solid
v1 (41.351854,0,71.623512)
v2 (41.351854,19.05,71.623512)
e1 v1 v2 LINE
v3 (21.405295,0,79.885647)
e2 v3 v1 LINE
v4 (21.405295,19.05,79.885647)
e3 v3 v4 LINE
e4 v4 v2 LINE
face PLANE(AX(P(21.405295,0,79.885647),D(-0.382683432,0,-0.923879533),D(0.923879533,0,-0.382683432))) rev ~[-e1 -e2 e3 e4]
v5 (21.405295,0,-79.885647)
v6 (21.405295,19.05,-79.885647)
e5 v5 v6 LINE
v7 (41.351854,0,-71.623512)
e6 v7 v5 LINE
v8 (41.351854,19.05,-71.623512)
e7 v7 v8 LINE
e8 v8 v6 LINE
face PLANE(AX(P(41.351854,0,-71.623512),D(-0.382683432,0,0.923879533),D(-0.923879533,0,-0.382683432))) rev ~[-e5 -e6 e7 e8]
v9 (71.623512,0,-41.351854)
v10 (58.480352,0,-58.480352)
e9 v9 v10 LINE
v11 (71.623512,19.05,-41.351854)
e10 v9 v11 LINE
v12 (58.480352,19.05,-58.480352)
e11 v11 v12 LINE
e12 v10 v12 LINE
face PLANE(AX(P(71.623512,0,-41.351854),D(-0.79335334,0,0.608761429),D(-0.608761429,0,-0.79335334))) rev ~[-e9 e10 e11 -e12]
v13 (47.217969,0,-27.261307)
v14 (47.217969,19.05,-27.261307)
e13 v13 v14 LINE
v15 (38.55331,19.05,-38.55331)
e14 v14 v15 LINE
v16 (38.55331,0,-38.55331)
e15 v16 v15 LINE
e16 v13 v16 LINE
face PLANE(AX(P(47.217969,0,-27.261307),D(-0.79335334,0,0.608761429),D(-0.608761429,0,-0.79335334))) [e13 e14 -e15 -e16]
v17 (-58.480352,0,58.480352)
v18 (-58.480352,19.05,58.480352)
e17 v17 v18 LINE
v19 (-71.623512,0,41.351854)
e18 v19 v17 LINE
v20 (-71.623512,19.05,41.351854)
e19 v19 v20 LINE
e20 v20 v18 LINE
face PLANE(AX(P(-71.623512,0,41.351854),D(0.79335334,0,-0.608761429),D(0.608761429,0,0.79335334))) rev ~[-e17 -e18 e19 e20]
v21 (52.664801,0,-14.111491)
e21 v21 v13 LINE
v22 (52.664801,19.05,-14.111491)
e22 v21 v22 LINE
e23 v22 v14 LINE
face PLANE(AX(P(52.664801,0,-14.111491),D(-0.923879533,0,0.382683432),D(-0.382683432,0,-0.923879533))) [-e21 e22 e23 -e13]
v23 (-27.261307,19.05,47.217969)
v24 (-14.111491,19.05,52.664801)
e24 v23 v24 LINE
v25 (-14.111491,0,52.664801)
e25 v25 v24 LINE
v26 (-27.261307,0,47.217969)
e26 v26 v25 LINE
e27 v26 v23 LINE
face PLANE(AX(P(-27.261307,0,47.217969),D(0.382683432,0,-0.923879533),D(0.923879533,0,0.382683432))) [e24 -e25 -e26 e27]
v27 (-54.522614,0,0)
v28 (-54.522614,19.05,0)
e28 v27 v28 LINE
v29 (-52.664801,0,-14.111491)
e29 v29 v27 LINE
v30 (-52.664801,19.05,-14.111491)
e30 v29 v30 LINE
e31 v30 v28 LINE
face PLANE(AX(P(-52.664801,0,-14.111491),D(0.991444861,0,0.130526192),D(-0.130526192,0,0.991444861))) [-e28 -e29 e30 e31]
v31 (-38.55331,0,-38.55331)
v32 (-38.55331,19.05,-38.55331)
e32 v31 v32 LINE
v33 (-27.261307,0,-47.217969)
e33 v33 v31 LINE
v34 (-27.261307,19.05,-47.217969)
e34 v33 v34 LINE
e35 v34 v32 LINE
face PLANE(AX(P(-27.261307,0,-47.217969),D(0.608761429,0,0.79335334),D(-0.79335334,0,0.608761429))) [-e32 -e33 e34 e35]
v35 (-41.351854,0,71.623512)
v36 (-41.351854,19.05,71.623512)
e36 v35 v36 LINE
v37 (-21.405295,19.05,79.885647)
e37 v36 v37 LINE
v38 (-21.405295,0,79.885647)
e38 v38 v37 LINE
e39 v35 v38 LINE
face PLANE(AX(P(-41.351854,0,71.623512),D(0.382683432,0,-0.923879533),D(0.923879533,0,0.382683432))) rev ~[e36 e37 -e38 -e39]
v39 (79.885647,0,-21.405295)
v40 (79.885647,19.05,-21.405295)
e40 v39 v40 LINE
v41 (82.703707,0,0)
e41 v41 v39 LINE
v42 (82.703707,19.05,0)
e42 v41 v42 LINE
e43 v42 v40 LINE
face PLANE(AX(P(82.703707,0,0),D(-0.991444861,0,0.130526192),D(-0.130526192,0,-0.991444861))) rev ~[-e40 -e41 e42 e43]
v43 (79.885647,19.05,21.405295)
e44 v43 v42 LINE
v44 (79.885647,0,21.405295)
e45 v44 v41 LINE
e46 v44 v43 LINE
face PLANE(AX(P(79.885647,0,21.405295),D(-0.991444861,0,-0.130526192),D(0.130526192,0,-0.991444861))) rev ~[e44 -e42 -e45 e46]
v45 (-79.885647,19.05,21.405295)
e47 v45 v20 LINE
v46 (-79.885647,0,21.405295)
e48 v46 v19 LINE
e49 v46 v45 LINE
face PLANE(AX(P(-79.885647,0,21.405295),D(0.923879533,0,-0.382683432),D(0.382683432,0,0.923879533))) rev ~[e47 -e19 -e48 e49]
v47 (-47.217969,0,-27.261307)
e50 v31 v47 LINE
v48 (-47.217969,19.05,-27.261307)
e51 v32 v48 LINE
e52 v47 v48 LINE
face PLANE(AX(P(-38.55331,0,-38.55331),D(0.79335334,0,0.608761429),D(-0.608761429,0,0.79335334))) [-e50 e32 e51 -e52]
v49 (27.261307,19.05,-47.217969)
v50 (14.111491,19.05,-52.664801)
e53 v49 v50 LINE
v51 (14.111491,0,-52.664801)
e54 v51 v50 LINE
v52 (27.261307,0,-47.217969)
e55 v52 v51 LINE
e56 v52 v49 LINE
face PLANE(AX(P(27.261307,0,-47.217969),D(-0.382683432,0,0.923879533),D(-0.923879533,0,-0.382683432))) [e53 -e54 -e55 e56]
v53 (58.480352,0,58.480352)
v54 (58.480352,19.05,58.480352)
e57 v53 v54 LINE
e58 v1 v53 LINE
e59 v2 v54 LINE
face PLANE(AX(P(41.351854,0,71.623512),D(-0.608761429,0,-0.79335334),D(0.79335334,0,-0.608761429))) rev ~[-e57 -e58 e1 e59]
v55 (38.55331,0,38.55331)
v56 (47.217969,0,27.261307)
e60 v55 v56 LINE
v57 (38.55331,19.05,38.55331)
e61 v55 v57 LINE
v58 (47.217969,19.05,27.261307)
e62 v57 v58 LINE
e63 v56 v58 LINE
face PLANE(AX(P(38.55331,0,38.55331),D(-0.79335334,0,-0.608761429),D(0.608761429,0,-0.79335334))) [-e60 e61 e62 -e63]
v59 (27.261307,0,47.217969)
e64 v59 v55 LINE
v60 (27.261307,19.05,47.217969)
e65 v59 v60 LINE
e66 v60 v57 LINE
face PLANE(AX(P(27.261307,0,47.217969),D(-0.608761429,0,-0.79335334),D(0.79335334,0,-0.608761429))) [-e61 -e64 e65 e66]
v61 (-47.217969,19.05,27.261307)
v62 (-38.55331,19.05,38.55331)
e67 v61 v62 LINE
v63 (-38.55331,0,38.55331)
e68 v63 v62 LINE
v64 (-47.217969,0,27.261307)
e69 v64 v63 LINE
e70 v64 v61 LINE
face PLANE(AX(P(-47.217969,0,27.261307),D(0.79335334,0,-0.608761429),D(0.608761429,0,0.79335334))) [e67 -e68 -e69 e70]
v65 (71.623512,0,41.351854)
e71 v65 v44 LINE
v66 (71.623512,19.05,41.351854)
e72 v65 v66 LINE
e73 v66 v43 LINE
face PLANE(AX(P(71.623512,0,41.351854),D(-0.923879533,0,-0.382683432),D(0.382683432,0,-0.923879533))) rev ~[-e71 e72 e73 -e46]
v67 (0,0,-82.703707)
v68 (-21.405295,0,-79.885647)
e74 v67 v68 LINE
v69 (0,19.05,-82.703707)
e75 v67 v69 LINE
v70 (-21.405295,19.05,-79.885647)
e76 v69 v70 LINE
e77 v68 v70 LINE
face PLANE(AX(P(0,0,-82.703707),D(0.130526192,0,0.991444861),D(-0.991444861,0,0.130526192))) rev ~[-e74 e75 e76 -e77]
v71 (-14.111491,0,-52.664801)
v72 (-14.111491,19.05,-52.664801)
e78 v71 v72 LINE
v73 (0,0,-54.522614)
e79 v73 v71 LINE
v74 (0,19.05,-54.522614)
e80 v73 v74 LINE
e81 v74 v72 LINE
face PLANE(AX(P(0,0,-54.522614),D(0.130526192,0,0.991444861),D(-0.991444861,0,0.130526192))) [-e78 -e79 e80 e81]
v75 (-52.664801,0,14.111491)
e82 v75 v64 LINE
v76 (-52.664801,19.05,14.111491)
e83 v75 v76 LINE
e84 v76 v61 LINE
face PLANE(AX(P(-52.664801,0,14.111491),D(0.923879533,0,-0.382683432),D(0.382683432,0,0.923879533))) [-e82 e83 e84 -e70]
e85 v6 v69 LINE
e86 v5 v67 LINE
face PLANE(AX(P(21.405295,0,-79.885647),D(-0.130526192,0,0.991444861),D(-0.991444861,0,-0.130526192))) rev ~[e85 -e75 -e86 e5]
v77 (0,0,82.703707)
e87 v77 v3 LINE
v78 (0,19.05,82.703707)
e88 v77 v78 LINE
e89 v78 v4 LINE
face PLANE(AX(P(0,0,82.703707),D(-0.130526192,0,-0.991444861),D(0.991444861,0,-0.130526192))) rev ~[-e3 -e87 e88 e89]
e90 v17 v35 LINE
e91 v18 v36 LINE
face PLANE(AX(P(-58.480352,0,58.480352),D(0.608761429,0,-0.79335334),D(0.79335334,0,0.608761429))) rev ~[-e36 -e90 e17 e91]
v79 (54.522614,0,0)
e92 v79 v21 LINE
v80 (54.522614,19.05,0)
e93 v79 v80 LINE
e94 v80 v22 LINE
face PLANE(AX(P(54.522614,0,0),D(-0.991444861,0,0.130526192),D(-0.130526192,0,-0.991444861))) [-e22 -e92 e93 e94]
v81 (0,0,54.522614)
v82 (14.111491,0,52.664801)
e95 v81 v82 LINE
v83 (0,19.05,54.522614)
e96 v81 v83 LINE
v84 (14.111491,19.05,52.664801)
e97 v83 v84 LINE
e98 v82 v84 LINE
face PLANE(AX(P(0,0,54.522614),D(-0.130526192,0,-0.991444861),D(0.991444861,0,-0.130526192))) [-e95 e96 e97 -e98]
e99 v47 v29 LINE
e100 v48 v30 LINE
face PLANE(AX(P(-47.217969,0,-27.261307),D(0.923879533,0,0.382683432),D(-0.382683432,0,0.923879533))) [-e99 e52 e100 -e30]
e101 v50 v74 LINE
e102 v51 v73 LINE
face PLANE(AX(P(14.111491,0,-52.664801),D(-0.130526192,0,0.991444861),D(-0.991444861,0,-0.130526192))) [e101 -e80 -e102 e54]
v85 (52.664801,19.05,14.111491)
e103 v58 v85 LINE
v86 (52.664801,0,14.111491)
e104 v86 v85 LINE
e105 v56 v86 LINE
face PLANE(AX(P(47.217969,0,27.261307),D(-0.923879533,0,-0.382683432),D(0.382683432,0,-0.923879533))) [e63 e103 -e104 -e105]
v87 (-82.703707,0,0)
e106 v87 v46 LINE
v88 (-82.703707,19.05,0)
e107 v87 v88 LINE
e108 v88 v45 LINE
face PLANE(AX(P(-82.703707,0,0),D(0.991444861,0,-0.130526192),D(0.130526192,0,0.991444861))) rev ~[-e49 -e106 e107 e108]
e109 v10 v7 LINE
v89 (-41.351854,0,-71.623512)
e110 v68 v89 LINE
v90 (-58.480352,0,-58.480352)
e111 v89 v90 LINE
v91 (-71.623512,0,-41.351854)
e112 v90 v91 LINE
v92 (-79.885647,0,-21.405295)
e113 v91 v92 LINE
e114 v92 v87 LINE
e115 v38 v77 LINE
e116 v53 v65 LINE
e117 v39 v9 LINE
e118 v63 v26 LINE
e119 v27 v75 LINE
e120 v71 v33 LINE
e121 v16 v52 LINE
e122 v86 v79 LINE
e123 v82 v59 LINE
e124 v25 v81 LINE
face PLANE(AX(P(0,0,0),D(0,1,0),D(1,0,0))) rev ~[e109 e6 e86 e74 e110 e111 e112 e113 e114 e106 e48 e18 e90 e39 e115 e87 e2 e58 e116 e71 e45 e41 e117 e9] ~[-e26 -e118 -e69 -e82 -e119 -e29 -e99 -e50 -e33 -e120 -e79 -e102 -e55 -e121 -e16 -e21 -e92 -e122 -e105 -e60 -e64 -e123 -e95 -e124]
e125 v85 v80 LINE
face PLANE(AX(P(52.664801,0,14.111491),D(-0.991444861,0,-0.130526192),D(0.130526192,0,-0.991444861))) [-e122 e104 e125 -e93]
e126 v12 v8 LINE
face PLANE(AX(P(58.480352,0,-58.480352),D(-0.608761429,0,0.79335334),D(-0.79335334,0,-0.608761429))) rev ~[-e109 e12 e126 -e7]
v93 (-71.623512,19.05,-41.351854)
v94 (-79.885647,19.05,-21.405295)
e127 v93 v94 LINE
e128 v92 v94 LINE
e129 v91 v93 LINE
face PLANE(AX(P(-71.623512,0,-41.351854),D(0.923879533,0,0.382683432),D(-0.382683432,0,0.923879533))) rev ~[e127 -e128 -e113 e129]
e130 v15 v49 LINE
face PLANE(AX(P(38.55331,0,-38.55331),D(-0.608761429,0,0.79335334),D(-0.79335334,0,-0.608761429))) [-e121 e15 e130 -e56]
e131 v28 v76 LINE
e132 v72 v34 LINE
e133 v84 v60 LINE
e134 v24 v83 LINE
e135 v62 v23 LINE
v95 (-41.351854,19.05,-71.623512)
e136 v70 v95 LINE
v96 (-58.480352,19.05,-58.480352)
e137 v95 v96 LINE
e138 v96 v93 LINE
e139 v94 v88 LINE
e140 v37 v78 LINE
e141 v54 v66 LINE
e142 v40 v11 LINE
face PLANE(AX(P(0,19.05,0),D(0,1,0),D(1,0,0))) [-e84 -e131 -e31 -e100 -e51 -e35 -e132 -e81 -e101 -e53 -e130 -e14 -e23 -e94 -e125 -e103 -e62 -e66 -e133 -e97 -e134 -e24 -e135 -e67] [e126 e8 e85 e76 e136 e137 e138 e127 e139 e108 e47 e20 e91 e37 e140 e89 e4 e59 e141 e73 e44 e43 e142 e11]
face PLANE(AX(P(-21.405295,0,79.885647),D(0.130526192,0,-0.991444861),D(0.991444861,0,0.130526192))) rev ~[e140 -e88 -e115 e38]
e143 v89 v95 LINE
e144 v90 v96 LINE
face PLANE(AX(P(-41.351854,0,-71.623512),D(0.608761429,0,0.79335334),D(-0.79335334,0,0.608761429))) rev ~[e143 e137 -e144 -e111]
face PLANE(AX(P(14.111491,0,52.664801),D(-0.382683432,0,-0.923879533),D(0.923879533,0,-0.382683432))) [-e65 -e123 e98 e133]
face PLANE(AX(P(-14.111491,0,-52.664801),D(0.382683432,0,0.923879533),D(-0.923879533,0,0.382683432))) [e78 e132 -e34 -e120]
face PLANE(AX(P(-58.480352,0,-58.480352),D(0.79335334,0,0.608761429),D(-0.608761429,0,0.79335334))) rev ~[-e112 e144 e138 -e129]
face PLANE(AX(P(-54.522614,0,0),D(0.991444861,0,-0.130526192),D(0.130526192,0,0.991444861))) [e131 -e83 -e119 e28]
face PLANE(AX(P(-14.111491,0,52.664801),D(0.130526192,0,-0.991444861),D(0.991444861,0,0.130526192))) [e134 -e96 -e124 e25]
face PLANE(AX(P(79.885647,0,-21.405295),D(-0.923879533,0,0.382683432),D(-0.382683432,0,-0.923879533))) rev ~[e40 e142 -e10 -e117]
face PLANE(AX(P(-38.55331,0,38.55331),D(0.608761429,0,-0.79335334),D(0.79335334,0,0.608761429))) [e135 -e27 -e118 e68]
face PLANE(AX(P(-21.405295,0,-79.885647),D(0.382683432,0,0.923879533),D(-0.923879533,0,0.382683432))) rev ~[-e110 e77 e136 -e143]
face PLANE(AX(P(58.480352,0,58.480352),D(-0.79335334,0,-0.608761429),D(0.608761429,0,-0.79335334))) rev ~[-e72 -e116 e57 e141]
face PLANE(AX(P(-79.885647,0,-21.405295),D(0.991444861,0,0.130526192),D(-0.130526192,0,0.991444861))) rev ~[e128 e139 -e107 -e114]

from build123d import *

# Parameters (mm, degrees)
BOSS_EXTRUDE3_DEPTH = 19.05


with BuildPart() as part:
    # Sketch3 → Boss-Extrude3 (new body)
    with BuildSketch(Plane(origin=(0, 0, 0), x_dir=(1, 0, 0), z_dir=(0, 1, 0))):
        Polygon((-82.703707328, 0), (-79.885646838, -21.405294557), (-71.623511533, -41.351853664), (-58.480352281, -58.480352281), (-41.351853664, -71.623511533), (-21.405294557, -79.885646838), (0, -82.703707328), (21.405294557, -79.885646838), (41.351853664, -71.623511533), (58.480352281, -58.480352281), (71.623511533, -41.351853664), (79.885646838, -21.405294557), (82.703707328, 0), (79.885646838, 21.405294557), (71.623511533, 41.351853664), (58.480352281, 58.480352281), (41.351853664, 71.623511533), (21.405294557, 79.885646838), (0, 82.703707328), (-21.405294557, 79.885646838), (-41.351853664, 71.623511533), (-58.480352281, 58.480352281), (-71.623511533, 41.351853664), (-79.885646838, 21.405294557), align=None)
        Polygon((-54.522614169, 0), (-52.664801143, -14.111490936), (-47.217968951, -27.261307085), (-38.553310207, -38.553310207), (-27.261307085, -47.217968951), (-14.111490936, -52.664801143), (0, -54.522614169), (14.111490936, -52.664801143), (27.261307085, -47.217968951), (38.553310207, -38.553310207), (47.217968951, -27.261307085), (52.664801143, -14.111490936), (54.522614169, 0), (52.664801143, 14.111490936), (47.217968951, 27.261307085), (38.553310207, 38.553310207), (27.261307085, 47.217968951), (14.111490936, 52.664801143), (0, 54.522614169), (-14.111490936, 52.664801143), (-27.261307085, 47.217968951), (-38.553310207, 38.553310207), (-47.217968951, 27.261307085), (-52.664801143, 14.111490936), align=None, mode=Mode.SUBTRACT)
    extrude(amount=BOSS_EXTRUDE3_DEPTH)


solid = part.part
